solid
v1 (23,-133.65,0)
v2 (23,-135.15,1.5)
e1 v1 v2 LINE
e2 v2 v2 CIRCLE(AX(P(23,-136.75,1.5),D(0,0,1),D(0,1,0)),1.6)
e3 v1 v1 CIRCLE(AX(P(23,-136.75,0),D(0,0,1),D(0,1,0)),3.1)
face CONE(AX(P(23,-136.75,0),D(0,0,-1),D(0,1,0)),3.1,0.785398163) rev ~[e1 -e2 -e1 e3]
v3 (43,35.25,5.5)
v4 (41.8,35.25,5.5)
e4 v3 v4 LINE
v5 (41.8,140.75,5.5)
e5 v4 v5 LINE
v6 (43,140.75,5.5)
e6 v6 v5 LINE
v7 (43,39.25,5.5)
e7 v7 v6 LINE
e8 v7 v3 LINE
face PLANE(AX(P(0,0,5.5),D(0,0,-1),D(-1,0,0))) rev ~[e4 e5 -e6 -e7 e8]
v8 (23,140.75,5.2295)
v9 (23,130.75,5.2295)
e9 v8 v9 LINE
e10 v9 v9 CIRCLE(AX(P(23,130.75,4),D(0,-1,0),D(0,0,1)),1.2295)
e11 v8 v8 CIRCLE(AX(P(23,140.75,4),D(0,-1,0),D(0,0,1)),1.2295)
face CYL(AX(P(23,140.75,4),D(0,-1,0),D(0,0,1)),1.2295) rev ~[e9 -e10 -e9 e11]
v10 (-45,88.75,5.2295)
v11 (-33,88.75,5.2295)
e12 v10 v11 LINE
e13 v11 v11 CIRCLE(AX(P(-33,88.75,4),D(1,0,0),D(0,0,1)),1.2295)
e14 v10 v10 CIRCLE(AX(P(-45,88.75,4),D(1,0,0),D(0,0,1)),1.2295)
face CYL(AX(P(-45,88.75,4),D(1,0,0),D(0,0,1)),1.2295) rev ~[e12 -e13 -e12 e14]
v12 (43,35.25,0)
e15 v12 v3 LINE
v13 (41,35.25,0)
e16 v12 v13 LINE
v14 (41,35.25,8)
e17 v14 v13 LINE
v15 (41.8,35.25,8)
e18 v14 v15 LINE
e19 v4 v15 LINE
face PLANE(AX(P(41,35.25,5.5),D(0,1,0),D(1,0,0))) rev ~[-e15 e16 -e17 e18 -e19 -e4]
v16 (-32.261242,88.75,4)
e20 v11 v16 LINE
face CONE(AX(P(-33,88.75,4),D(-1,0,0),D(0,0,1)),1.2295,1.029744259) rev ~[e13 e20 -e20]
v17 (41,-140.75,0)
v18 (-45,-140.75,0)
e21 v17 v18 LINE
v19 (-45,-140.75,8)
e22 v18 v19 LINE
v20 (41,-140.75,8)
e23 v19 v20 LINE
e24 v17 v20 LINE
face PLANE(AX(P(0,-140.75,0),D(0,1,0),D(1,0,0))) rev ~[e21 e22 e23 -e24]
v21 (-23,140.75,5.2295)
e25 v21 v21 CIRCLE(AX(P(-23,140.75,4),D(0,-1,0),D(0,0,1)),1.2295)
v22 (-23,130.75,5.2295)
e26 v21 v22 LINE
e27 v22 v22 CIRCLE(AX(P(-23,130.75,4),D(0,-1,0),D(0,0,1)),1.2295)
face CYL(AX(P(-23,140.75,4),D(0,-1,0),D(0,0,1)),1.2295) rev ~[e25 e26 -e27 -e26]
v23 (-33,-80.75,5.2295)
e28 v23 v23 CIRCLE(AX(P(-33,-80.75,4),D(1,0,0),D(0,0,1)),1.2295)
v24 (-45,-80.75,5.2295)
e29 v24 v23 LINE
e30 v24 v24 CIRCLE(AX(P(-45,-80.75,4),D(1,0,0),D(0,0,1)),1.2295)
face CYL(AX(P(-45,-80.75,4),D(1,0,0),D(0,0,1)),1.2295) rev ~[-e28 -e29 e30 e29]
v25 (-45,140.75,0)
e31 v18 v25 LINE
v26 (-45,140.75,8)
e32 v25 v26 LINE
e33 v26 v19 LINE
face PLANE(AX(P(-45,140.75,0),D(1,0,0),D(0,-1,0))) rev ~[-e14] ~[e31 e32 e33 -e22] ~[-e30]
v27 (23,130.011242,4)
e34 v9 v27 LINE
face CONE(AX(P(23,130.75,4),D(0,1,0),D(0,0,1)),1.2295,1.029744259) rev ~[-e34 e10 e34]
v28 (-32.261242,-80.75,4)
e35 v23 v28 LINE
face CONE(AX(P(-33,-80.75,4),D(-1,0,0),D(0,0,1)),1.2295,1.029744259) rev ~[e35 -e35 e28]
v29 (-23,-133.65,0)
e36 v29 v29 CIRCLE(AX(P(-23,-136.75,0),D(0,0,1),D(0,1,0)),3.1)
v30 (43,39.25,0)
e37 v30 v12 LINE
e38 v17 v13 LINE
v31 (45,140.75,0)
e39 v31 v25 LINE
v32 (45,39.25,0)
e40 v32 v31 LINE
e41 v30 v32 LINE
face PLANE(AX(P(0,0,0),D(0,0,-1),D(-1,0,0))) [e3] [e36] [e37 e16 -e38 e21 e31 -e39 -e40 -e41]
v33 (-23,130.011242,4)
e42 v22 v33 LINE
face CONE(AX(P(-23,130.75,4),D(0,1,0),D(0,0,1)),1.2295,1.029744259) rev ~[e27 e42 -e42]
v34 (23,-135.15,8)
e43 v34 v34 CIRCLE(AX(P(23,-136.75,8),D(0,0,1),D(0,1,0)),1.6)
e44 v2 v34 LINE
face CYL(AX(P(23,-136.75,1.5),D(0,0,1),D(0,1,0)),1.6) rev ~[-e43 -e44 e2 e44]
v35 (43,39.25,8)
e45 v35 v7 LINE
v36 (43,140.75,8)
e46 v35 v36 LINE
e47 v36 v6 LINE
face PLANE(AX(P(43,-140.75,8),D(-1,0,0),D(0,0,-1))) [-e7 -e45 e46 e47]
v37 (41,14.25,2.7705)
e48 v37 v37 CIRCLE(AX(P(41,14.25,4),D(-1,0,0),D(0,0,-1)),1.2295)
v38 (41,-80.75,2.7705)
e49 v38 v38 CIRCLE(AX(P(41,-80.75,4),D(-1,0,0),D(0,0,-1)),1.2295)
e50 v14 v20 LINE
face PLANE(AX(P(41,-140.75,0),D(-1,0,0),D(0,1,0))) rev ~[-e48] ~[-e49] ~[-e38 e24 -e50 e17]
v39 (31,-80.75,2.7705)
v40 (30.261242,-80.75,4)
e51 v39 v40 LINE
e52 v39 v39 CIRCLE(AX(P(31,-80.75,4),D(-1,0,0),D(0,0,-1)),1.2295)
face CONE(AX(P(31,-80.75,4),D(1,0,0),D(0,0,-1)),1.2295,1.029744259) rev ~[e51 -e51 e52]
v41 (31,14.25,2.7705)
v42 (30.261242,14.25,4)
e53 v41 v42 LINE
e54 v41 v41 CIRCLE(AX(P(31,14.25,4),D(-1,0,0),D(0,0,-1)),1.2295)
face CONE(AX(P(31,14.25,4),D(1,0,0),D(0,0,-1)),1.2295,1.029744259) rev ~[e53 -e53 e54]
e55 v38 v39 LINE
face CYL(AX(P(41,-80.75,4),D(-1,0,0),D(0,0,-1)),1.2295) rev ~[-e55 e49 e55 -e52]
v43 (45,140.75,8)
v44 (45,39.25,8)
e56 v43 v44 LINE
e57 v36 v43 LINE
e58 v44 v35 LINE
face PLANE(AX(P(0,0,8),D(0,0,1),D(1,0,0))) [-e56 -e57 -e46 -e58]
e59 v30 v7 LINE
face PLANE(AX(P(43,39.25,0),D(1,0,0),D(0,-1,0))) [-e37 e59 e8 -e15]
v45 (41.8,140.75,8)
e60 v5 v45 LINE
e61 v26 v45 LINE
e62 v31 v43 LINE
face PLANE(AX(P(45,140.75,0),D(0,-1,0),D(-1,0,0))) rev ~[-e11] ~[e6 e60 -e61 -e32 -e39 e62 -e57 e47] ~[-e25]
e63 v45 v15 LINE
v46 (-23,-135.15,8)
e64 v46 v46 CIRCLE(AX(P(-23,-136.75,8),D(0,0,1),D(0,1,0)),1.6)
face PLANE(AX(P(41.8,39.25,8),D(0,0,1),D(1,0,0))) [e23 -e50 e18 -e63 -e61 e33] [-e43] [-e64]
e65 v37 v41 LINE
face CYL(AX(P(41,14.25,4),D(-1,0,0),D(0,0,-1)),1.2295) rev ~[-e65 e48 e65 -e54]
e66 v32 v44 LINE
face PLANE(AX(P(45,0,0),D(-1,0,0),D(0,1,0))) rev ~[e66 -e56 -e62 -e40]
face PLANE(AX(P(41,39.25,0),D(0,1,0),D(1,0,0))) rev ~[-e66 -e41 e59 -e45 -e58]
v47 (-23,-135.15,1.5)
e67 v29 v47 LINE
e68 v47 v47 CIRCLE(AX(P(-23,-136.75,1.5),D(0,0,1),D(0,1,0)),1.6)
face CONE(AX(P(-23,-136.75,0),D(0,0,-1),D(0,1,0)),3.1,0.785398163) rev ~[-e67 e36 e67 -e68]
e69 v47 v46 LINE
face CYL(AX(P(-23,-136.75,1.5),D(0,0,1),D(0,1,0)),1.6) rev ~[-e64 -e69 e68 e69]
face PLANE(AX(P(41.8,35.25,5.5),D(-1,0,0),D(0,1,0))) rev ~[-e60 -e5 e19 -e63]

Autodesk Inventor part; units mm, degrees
ref_plane "YZ Plane" through (0, 0, 0) normal (1, 0, 0) x (0, 1, 0)
ref_plane "XZ Plane" through (0, 0, 0) normal (0, 1, 0) x (-1, 0, 0)
ref_plane "XY Plane" through (0, 0, 0) normal (0, 0, 1) x (1, 0, 0)
sketch "Skizze1" plane through (0, 0, 0) normal (0, 0, 1) x (1, 0, 0)
  line L0 (45, 140.75) -> (-45, 140.75)
  line L1 (-45, 140.75) -> (-45, -140.75)
  line L2 (-45, -140.75) -> (45, -140.75)
  line L3 (45, -140.75) -> (45, 140.75)
  line L4 (0, 197.05) -> (0, -197.05) projected
  line L5 (-63, 0) -> (63, 0) projected
  point P0 (0, 0)
  point P1 (45, 0)
  point P2 (0, -140.75)
  dimension "d0" = 281.5
  dimension "d1" = 90
extrude "Extrusion1" add sketch "Skizze1" along normal blind 8
sketch "Skizze2" plane through (-45, -140.75, 0) normal (0, -1, 0) x (1, 0, 0)
  line L0 (90, 8) -> (0, 8) projected
  line L1 (86.8, 8) -> (88, 8)
  line L2 (88, 8) -> (88, 5.5)
  line L3 (88, 5.5) -> (86.8, 5.5)
  line L4 (86.8, 5.5) -> (86.8, 8)
  line L5 (90, 0) -> (90, 8) projected
  point P0 (45, 0)
  dimension "d4" = 1.2
  dimension "d5" = 2.5
  dimension "d8" = 2
extrude "Extrusion2" cut sketch "Skizze2" against normal through all
sketch "Skizze3" plane through (0, 0, 0) normal (0, 0, -1) x (-1, 0, 0)
  line L0 (-45, -140.75) -> (-41, -140.75)
  line L1 (-41, -140.75) -> (-41, 39.25)
  line L2 (-41, 39.25) -> (-45, 39.25)
  line L3 (-45, 39.25) -> (-45, -140.75)
  point P0 (0, 0)
  dimension "d9" = 4
  dimension "d10" = 180
extrude "Extrusion3" cut sketch "Skizze3" against normal through all
sketch "Skizze4" plane through (0, 0, 0) normal (0, 0, -1) x (-1, 0, 0)
  line L0 (-41, 39.25) -> (-43, 39.25)
  line L1 (-43, 39.25) -> (-43, 35.25)
  line L2 (-43, 35.25) -> (-41, 35.25)
  line L3 (-41, 35.25) -> (-41, 39.25)
  point P0 (0, 0)
  dimension "d13" = 4
  dimension "d14" = 2
extrude "Extrusion4" add sketch "Skizze4" against normal blind 5.5
sketch "Skizze5" plane through (41.8, 39.25, 5.5) normal (0, 0, 1) x (1, 0, 0)
  line L0 (0, 0) -> (-0.8, 0)
  line L1 (-0.8, 0) -> (-0.8, -4)
  line L2 (-0.8, -4) -> (0, -4)
  line L3 (0, -4) -> (0, 0)
  point P0 (-41.8, -39.25)
extrude "Extrusion5" add sketch "Skizze5" along normal up to surface (2.5 mm away)
sketch "Skizze6" plane through (-45, -140.75, 0) normal (-1, 0, 0) x (0, 0, 1)
  line L0 (0, 0) -> (8, 0) projected
  line L1 (0, 281.5) -> (8, 281.5) projected
  line L2 (0, 281.5) -> (0, 0) projected
  point P0 (0, 140.75)
  point P1 (4, 60)
  point P2 (4, 229.5)
  dimension "d19" = 60
  dimension "d41" = 52
  dimension "d42" = 4
hole "Bohrung1" at (-45, -80.75, 4) at (-45, 88.75, 4) direction (1, 0, 0) diameter 2.459 depth 12 tip angle 118 thread size "M3x0.5" class "6H" standard "ISO Metric profile"
sketch "Skizze7" plane through (-45, 140.75, 0) normal (0, 1, 0) x (1, 0, 0)
  arc A0 (90, -95.2303) -> (67.5, -77) centre (67.5, -100) ccw projected
  line L0 (90, 0) -> (90, -95.2303) projected
  line L1 (0, 0) -> (90, 0) projected
  line L2 (0, -77) -> (0, 0) projected
  line L3 (0, -77) -> (67.5, -77) projected
  point P0 (22, -4)
  point P1 (68, -4)
hole "Bohrung2" at (-23, 140.75, 4) at (23, 140.75, 4) direction (0, -1, 0) diameter 2.459 depth 10 tip angle 118 thread size "M3x0.5" class "6H" standard "ISO Metric profile"
sketch "Skizze8" plane through (0, 0, 0) normal (0, 0, -1) x (-1, 0, 0)
  line L0 (-41.8, 35.25) -> (-41.8, 140.75) projected
  line L1 (45, 140.75) -> (-41.8, 140.75) projected
  line L2 (45, -140.75) -> (45, 140.75) projected
  line L3 (-41, -140.75) -> (45, -140.75) projected
  line L4 (-41, -140.75) -> (-41, 35.25) projected
  line L5 (-41.8, 35.25) -> (-41, 35.25) projected
  circle A0 centre (-23, -136.75) radius 3.1 projected
  circle A1 centre (23, -136.75) radius 3.1 projected
  line L6 (45, -140.75) -> (45, 140.75) projected
  line L7 (-41, -140.75) -> (45, -140.75) projected
  line L8 (-41, 140.75) -> (-41, -140.75) projected
  line L9 (45, 140.75) -> (-41, 140.75) projected
  point P0 (0, 0)
hole "Bohrung3" at (23, -136.75, 0) at (-23, -136.75, 0) direction (0, 0, 1) diameter 3.2 end through all countersink diameter 6.2 countersink angle 90
sketch "Skizze10" plane through (41, -140.75, 8) normal (1, 0, 0) x (0, 0, -1)
  circle A0 centre (4, 155) radius 3.1 projected
  circle A1 centre (4, 60) radius 3.1 projected
  point P0 (8, 140.75)
hole "Bohrung4" at (41, -80.75, 4) at (41, 14.25, 4) direction (-1, 0, 0) diameter 2.459 depth 10 tip angle 118 thread size "M3x0.5" class "6H" standard "ISO Metric profile"
properties part number "Wand2" material "Polycarbonate, Smoke"
